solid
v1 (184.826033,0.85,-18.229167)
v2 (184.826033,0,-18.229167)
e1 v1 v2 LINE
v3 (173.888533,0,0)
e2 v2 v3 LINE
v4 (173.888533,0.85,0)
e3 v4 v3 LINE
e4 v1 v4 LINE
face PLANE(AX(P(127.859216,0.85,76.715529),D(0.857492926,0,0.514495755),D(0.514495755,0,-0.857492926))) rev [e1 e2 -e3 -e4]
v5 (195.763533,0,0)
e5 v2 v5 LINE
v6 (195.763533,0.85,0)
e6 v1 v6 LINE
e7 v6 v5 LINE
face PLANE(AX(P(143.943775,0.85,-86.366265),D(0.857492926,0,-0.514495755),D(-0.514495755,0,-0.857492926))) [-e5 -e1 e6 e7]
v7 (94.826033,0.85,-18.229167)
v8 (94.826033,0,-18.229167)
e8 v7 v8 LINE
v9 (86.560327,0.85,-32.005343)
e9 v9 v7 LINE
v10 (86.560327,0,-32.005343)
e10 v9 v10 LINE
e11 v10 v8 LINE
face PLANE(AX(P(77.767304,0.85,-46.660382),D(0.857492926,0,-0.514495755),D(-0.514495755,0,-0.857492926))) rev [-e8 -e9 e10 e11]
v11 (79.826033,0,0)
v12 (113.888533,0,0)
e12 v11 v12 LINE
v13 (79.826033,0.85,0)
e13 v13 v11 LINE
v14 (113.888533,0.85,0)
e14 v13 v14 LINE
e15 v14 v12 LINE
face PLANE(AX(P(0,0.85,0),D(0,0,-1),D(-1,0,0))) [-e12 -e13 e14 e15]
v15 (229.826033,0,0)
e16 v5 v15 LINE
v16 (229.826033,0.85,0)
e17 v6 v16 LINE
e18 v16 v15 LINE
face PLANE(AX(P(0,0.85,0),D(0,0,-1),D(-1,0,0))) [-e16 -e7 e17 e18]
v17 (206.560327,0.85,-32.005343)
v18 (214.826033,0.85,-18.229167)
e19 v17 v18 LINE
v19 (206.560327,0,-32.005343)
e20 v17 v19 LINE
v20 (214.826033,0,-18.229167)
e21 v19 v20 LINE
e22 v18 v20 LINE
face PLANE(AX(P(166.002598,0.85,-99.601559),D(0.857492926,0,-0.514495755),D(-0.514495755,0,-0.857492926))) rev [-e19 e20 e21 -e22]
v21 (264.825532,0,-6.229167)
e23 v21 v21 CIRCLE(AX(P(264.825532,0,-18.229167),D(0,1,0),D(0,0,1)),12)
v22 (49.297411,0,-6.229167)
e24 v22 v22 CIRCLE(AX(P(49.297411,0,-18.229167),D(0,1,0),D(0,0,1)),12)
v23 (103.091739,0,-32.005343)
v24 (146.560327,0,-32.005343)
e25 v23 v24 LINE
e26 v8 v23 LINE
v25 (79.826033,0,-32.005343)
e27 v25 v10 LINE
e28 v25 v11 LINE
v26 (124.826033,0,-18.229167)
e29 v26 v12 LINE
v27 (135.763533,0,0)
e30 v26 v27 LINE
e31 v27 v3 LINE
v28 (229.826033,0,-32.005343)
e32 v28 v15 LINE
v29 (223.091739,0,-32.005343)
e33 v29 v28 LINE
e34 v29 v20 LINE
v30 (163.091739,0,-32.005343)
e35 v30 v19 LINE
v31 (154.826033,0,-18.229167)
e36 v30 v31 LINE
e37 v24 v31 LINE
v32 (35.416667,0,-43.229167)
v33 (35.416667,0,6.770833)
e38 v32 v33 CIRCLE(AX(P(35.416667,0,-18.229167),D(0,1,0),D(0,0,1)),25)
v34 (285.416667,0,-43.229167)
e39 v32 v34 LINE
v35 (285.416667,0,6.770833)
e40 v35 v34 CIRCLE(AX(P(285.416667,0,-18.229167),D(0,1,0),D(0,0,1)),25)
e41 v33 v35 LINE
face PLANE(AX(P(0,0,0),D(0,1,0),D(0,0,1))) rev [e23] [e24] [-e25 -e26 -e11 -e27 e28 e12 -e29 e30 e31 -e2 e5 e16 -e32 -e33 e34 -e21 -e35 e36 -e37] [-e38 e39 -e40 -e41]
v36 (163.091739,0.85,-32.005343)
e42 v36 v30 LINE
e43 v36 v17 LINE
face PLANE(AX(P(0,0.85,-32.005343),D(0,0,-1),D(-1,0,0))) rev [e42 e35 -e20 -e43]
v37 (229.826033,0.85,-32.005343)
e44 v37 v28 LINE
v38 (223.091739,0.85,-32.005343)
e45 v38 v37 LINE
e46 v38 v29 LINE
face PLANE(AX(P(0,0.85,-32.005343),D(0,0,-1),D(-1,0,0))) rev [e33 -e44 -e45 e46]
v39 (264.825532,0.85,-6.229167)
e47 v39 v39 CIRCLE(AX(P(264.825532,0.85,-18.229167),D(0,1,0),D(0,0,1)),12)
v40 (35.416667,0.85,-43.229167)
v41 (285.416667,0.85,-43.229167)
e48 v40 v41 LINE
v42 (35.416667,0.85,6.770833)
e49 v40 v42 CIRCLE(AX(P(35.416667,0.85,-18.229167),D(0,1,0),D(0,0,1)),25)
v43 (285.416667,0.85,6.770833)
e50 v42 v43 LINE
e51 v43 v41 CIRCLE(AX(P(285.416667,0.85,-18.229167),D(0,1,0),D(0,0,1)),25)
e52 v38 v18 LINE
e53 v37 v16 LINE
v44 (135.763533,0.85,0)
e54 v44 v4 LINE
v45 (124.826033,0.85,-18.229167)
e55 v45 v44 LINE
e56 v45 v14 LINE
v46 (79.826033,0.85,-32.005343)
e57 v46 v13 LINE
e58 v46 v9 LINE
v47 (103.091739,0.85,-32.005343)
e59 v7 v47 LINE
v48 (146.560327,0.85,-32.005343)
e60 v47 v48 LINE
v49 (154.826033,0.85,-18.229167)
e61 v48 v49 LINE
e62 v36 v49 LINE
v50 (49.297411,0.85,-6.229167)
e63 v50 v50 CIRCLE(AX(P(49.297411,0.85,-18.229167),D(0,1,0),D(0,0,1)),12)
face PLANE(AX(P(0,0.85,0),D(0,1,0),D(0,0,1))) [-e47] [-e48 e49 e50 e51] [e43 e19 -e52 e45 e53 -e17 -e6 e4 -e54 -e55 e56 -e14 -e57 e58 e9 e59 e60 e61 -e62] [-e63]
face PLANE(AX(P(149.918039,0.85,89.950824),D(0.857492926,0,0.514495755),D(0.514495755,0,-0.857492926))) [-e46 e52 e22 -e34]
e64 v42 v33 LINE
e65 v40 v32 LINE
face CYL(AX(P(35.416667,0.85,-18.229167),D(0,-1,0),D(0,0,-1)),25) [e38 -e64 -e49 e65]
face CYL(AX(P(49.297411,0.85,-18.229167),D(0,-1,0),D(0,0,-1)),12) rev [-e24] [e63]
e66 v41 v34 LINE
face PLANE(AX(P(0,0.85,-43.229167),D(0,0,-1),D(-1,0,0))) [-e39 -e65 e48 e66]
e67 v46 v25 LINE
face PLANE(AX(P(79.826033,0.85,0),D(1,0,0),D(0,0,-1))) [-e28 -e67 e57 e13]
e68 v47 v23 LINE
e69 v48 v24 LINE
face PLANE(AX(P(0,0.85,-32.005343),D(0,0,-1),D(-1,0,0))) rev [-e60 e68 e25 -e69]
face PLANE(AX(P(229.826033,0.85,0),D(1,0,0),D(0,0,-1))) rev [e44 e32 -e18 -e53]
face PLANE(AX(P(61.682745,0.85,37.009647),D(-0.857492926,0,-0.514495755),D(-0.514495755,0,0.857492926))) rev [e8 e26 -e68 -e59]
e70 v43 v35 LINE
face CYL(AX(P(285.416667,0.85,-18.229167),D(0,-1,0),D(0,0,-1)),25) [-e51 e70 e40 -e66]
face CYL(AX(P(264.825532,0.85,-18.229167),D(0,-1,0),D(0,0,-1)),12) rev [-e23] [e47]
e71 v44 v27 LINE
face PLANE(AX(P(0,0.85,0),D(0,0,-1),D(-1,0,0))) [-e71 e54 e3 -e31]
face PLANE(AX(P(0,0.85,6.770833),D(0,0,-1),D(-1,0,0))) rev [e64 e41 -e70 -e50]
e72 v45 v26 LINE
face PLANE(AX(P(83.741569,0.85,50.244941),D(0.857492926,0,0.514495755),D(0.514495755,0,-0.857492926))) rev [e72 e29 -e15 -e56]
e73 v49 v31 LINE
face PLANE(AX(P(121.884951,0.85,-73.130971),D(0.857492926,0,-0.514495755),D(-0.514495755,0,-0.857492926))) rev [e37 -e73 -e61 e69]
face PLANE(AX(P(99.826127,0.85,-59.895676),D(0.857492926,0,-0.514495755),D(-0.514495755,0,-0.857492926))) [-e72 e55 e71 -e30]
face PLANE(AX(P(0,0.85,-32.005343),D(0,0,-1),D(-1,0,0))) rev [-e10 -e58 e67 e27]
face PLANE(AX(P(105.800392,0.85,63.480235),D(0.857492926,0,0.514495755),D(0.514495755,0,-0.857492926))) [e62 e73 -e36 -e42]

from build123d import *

# Parameters (mm, degrees)
SKETCH1_R           = 12
BOSS_EXTRUDE1_DEPTH = 0.85


with BuildPart() as part:
    # Sketch1 → Boss-Extrude1 (new body)
    # profile 1 of 9: a face of its own
    with BuildSketch(Plane(origin=(0, 0, 0), x_dir=(1, 0, 0), z_dir=(0, 1, 0))):
        Polygon((103.091739333, 32.005343302), (86.560327372, 32.005343302), (94.826033353, 18.229166667), align=None)
    # profile 2 of 9: a face of its own
    with BuildSketch(Plane(origin=(0, 0, 0), x_dir=(1, 0, 0), z_dir=(0, 1, 0))):
        Polygon((124.826033353, 18.229166667), (113.888533353, 0), (135.763533353, 0), align=None)
    # profile 3 of 9: a face of its own
    with BuildSketch(Plane(origin=(0, 0, 0), x_dir=(1, 0, 0), z_dir=(0, 1, 0))):
        Polygon((163.091739333, 32.005343302), (146.560327372, 32.005343302), (154.826033353, 18.229166667), align=None)
    # profile 4 of 9: a face of its own
    with BuildSketch(Plane(origin=(0, 0, 0), x_dir=(1, 0, 0), z_dir=(0, 1, 0))):
        Polygon((173.888533353, 0), (195.763533353, 0), (184.826033353, 18.229166667), align=None)
    # profile 5 of 9: a face of its own
    with BuildSketch(Plane(origin=(0, 0, 0), x_dir=(1, 0, 0), z_dir=(0, 1, 0))):
        Polygon((214.826033353, 18.229166667), (223.091739333, 32.005343302), (206.560327372, 32.005343302), align=None)
    # profile 6 of 9: a face of its own
    with BuildSketch(Plane(origin=(0, 0, 0), x_dir=(1, 0, 0), z_dir=(0, 1, 0))):
        Polygon((229.826033353, 43.229166667), (79.826033353, 43.229166667), (79.826033353, 32.005343302), (86.560327372, 32.005343302), (103.091739333, 32.005343302), (109.826033353, 32.005343302), (116.560327372, 32.005343302), (133.091739333, 32.005343302), (139.826033353, 32.005343302), (146.560327372, 32.005343302), (163.091739333, 32.005343302), (169.826033353, 32.005343302), (176.560327372, 32.005343302), (193.091739333, 32.005343302), (199.826033353, 32.005343302), (206.560327372, 32.005343302), (223.091739333, 32.005343302), (229.826033353, 32.005343302), align=None)
    # profile 7 of 9: a face of its own
    with BuildSketch(Plane(origin=(0, 0, 0), x_dir=(1, 0, 0), z_dir=(0, 1, 0))):
        Polygon((79.826033353, 0), (79.826033353, -6.770833333), (229.826033353, -6.770833333), (229.826033353, 0), (225.763533353, 0), (203.888533353, 0), (199.826033353, 0), (195.763533353, 0), (173.888533353, 0), (169.826033353, 0), (165.763533353, 0), (143.888533353, 0), (139.826033353, 0), (135.763533353, 0), (113.888533353, 0), (109.826033353, 0), (105.763533353, 0), (83.888533353, 0), align=None)
    # profile 8 of 9: a face of its own
    with BuildSketch(Plane(origin=(0, 0, 0), x_dir=(1, 0, 0), z_dir=(0, 1, 0))):
        with BuildLine():
            Line((79.826033353, 43.229166667), (35.416666667, 43.229166667))
            ThreePointArc((35.416666667, 43.229166667), (10.416666667, 18.229166667), (35.416666667, -6.770833333))
            Line((35.416666667, -6.770833333), (79.826033353, -6.770833333))
            Line((79.826033353, -6.770833333), (79.826033353, 0))
            Line((79.826033353, 0), (79.826033353, 32.005343302))
            Line((79.826033353, 32.005343302), (79.826033353, 43.229166667))
        make_face()
        with Locations(Location((49.297410929, 18.229166667, 0), (0, 0, 270))):
            Circle(SKETCH1_R, mode=Mode.SUBTRACT)
    # profile 9 of 9: a face of its own
    with BuildSketch(Plane(origin=(0, 0, 0), x_dir=(1, 0, 0), z_dir=(0, 1, 0))):
        with BuildLine():
            Line((285.416666667, 43.229166667), (229.826033353, 43.229166667))
            Line((229.826033353, 43.229166667), (229.826033353, 32.005343302))
            Line((229.826033353, 32.005343302), (229.826033353, 0))
            Line((229.826033353, 0), (229.826033353, -6.770833333))
            Line((229.826033353, -6.770833333), (285.416666667, -6.770833333))
            ThreePointArc((285.416666667, -6.770833333), (310.416666667, 18.229166667), (285.416666667, 43.229166667))
        make_face()
        with Locations(Location((264.825532318, 18.229166667, 0), (0, 0, 270))):
            Circle(SKETCH1_R, mode=Mode.SUBTRACT)
    extrude(amount=BOSS_EXTRUDE1_DEPTH)


solid = part.part
